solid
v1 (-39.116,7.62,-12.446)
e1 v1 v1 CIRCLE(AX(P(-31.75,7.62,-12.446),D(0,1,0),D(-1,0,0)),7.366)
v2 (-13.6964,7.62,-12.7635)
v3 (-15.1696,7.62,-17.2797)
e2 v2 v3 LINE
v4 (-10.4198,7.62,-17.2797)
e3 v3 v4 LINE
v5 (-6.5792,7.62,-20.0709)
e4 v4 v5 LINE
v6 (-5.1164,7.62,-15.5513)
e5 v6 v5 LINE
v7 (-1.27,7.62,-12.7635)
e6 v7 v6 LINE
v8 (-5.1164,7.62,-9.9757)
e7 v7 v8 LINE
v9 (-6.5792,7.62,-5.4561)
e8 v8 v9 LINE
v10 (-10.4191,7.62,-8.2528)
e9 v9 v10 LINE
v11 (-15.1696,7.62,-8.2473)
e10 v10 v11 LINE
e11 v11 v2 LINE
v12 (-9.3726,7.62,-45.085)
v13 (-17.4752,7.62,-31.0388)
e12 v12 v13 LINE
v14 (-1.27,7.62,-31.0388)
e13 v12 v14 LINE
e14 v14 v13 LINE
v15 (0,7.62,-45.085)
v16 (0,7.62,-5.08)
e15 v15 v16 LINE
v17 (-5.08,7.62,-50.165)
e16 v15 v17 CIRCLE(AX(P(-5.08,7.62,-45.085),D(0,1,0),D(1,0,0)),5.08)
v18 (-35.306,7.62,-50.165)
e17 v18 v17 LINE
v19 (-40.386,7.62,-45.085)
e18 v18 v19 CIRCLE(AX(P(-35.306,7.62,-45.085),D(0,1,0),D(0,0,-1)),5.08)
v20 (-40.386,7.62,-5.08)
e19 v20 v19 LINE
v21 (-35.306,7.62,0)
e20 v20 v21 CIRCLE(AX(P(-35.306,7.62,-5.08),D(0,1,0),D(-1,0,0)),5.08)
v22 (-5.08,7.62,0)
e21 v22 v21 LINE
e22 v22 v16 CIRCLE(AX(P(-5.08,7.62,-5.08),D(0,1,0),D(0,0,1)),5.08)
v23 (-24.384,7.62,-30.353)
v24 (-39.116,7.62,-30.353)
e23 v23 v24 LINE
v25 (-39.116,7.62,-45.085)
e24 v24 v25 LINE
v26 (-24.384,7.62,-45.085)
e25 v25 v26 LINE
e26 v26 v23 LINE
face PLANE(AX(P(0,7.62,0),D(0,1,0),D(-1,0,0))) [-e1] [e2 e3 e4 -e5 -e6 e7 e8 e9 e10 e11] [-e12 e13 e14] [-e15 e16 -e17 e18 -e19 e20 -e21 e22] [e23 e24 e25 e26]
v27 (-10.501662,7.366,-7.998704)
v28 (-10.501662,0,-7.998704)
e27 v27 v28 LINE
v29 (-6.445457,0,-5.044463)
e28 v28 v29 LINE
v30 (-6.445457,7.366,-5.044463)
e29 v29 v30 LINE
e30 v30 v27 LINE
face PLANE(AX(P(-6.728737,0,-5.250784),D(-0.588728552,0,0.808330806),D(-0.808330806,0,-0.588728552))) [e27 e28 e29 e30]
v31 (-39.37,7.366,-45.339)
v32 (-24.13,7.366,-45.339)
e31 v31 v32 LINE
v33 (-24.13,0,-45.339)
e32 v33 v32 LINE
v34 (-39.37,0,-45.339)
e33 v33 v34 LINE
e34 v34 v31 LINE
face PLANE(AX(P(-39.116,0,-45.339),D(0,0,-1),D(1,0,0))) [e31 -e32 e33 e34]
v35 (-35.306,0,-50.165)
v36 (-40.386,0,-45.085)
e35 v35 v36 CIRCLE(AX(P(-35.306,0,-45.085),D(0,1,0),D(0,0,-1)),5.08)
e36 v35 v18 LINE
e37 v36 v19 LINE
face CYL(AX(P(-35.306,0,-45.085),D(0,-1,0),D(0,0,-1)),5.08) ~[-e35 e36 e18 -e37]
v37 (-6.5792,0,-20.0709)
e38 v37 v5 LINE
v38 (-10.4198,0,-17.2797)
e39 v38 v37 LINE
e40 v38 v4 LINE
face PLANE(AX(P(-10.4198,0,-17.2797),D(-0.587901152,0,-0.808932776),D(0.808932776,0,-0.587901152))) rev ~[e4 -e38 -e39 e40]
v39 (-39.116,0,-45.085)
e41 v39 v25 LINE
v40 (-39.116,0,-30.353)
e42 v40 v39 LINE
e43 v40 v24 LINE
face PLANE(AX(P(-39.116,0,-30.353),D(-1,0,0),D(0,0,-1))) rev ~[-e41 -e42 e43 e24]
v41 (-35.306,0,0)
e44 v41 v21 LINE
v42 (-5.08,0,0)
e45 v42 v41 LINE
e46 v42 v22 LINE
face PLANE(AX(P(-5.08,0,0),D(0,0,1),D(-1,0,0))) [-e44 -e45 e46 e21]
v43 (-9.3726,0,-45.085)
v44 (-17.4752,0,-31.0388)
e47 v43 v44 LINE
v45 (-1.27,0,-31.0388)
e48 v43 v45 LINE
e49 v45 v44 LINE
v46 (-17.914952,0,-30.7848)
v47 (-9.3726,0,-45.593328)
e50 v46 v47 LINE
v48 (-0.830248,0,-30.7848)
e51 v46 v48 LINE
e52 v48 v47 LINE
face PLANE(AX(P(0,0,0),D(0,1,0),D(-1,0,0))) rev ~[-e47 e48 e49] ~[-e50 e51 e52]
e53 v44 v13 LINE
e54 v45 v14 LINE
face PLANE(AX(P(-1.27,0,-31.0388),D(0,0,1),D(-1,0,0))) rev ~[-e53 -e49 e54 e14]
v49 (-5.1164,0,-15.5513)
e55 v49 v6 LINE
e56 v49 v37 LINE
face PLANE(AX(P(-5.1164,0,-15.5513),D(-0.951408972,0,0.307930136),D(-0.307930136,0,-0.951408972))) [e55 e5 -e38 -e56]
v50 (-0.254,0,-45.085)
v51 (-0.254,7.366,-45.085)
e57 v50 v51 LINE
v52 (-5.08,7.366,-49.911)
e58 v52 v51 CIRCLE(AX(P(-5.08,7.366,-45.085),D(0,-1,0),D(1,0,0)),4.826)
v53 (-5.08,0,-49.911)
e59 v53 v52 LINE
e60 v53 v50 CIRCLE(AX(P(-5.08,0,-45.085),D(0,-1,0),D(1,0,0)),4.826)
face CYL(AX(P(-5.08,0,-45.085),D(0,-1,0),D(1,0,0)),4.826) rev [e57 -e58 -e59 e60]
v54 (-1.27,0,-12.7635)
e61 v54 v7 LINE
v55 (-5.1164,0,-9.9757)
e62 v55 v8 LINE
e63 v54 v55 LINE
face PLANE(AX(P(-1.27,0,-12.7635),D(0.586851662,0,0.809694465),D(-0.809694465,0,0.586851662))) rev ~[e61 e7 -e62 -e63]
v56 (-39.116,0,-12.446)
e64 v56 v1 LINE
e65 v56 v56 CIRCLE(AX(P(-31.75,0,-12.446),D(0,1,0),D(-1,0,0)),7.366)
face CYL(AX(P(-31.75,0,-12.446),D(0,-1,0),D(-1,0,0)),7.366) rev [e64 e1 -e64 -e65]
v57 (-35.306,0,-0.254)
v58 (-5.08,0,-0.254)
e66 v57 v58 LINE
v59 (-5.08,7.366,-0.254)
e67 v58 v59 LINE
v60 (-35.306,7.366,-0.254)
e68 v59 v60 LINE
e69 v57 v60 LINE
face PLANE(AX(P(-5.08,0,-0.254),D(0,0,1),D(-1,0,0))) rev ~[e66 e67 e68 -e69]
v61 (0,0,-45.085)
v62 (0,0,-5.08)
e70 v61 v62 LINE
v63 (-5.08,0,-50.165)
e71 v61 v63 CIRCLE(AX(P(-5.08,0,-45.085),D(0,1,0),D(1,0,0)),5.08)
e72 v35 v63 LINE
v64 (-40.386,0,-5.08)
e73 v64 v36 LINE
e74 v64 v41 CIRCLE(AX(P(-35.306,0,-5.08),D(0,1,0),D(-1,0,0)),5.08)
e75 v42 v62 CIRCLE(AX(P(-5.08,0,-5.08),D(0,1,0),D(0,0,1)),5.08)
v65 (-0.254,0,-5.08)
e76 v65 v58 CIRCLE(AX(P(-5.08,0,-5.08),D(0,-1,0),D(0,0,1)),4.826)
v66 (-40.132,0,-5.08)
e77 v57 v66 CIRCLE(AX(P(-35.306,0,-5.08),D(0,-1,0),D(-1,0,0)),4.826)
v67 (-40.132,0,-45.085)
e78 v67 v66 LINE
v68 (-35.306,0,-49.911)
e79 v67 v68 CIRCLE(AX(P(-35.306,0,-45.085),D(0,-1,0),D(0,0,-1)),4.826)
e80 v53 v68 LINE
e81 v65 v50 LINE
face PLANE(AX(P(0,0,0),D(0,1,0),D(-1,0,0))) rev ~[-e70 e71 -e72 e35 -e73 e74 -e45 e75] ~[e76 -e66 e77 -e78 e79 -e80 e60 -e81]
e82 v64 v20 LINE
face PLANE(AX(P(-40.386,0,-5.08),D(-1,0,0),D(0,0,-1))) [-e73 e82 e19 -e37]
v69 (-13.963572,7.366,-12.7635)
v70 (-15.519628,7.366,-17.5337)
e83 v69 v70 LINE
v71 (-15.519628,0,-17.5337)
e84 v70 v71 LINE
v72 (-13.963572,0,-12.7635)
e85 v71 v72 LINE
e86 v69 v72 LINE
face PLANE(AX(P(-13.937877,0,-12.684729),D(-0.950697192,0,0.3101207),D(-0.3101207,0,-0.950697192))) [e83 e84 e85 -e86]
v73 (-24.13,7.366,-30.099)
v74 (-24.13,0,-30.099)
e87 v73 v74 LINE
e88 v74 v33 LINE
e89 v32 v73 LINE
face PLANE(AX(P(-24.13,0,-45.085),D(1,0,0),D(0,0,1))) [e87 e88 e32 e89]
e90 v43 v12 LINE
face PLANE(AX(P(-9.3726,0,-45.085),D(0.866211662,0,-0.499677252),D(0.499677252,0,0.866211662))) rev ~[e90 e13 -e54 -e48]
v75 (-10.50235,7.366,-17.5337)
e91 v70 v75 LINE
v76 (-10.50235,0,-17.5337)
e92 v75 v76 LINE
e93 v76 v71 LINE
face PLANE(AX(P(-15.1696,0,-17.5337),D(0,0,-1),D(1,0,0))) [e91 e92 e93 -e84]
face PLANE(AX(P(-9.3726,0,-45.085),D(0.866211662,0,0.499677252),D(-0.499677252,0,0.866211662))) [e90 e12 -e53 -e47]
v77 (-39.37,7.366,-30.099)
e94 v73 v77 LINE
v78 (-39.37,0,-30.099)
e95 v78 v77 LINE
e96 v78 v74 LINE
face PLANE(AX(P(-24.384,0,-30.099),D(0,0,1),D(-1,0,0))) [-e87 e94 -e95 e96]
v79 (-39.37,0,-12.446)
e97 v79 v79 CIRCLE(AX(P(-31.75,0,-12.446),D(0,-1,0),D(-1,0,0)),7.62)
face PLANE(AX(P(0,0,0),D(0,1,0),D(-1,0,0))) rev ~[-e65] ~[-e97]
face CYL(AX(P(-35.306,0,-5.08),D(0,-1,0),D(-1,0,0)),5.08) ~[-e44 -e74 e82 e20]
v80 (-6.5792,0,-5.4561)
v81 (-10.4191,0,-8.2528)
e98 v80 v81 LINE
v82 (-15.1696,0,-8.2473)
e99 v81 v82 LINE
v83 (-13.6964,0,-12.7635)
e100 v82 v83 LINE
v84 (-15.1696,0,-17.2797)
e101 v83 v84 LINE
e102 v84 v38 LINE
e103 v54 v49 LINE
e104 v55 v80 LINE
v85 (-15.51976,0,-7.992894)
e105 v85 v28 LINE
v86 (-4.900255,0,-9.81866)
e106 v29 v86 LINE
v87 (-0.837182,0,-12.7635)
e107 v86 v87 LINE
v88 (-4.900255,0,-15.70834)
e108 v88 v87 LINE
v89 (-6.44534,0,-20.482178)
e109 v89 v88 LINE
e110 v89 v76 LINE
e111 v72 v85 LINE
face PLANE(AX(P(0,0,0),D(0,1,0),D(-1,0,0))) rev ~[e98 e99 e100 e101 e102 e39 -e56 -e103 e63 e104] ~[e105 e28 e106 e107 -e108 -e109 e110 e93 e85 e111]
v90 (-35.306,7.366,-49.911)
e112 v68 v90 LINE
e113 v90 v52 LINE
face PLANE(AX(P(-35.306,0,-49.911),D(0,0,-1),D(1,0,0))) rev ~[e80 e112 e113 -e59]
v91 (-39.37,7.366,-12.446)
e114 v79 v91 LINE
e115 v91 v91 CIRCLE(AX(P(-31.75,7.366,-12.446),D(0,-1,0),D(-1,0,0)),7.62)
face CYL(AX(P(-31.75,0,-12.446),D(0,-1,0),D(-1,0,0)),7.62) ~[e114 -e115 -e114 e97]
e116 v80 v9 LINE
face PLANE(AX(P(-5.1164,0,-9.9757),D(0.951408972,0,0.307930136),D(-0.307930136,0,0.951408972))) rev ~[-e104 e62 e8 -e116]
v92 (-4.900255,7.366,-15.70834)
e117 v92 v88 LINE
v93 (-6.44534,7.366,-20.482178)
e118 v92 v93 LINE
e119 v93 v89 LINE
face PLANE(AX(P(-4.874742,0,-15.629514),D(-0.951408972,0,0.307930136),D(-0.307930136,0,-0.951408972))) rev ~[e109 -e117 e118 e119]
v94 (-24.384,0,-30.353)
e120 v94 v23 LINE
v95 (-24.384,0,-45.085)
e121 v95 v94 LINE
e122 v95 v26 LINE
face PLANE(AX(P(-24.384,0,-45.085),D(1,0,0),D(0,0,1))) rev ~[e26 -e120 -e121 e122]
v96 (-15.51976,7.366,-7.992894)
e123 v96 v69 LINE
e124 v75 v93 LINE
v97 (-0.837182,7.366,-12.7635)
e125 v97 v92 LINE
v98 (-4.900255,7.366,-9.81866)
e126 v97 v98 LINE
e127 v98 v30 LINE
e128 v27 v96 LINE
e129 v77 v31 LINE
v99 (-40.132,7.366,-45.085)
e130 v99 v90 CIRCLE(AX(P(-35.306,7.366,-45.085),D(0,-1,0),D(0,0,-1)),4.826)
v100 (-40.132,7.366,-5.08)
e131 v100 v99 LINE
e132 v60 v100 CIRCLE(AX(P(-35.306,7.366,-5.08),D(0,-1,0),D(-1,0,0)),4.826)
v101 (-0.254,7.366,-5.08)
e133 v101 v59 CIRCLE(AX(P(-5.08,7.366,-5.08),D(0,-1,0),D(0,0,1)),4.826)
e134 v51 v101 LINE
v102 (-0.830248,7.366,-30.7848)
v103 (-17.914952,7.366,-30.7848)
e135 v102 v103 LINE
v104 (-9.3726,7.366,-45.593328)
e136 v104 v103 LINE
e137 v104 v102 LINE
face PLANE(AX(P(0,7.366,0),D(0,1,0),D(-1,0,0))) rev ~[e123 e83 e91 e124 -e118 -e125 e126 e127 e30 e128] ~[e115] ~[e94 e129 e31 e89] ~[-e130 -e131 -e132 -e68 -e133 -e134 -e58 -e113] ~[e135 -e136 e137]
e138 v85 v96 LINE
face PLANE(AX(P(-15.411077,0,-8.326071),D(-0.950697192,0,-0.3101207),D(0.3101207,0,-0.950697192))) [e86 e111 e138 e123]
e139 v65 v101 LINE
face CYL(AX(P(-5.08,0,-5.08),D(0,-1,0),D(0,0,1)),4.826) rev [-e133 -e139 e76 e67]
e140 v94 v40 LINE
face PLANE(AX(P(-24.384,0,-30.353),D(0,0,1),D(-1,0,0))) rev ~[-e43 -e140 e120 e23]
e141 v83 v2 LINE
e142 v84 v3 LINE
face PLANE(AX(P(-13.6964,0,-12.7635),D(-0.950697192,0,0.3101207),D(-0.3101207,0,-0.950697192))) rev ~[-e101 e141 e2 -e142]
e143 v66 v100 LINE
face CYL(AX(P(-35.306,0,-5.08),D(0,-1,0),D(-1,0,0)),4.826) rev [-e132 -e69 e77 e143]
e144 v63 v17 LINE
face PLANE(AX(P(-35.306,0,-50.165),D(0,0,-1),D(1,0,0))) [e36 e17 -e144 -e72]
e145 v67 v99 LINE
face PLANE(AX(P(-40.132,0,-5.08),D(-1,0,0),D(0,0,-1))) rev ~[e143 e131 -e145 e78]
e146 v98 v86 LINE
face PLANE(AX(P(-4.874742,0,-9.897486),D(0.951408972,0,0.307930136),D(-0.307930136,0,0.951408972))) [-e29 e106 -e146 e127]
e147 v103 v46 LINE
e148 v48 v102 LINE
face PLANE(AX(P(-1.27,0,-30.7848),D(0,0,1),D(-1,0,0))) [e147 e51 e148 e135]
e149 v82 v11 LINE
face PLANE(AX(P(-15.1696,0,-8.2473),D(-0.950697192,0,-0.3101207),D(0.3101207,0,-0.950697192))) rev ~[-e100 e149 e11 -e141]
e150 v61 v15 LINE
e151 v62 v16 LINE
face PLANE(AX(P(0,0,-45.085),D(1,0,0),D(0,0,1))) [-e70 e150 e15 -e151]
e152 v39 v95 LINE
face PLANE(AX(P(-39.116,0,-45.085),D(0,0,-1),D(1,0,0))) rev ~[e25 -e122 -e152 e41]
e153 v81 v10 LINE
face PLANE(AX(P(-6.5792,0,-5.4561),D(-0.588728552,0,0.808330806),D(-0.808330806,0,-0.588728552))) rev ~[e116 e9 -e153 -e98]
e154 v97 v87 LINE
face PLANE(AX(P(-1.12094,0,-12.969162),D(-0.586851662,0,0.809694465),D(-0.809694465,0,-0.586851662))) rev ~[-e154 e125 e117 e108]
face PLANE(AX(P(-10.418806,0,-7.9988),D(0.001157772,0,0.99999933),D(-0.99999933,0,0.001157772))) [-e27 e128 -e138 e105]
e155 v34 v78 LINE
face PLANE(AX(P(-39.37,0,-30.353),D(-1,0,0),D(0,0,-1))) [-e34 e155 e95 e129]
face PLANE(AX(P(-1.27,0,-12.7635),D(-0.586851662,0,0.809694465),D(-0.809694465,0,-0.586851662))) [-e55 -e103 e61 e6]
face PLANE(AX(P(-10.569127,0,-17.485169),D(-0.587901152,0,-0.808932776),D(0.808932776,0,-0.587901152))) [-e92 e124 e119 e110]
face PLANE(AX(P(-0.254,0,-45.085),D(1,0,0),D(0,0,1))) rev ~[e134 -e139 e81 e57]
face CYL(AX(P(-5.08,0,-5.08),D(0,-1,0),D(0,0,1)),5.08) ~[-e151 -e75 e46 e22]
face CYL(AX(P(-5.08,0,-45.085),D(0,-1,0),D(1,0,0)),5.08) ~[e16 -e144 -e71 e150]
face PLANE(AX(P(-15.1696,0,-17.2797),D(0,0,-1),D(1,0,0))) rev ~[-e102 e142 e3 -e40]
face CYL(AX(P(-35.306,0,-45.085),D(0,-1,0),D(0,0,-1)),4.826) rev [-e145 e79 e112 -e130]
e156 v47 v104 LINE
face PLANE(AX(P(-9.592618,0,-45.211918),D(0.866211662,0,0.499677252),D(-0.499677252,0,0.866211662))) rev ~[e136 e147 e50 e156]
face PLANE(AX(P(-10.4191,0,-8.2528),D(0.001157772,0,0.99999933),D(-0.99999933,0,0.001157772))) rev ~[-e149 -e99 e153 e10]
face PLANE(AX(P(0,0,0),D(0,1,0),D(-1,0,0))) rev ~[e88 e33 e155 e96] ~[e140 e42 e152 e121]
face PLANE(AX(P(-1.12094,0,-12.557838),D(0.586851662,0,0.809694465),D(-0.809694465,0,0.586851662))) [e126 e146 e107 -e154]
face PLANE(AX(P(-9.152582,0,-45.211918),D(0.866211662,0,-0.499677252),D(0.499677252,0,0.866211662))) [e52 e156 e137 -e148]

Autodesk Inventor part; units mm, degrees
ref_plane "YZ Plane" through (0, 0, 0) normal (1, 0, 0) x (0, 1, 0)
ref_plane "XZ Plane" through (0, 0, 0) normal (0, 1, 0) x (-1, 0, 0)
ref_plane "XY Plane" through (0, 0, 0) normal (0, 0, 1) x (1, 0, 0)
sketch "Sketch1" plane through (0, 0, 0) normal (0, 1, 0) x (-1, 0, 0)
  line L0 (5.08, 0) -> (35.306, 0)
  line L1 (40.386, -5.08) -> (40.386, -45.085)
  line L2 (35.306, -50.165) -> (5.08, -50.165)
  line L3 (0, -45.085) -> (0, -5.08)
  line L4 (1.27, 0) -> (1.27, -50.165) construction
  line L5 (9.3726, 0) -> (9.3726, -50.165) construction
  circle A0 centre (31.75, -12.446) radius 7.366
  line L6 (24.384, -30.353) -> (39.116, -30.353)
  line L7 (39.116, -30.353) -> (39.116, -45.085)
  line L8 (39.116, -45.085) -> (24.384, -45.085)
  line L9 (24.384, -45.085) -> (24.384, -30.353)
  line L10 (9.3726, -45.085) -> (1.27, -31.0388)
  line L11 (1.27, -31.0388) -> (17.4752, -31.0388)
  line L12 (9.3726, -45.085) -> (17.4752, -31.0388)
  circle A1 centre (8.9535, -12.7635) radius 7.6835 construction
  line L13 (15.1696, -17.2797) -> (6.5792, -20.0709) construction
  line L14 (6.5792, -20.0709) -> (1.27, -12.7635) construction
  line L15 (1.27, -12.7635) -> (6.5792, -5.4561) construction
  line L16 (6.5792, -5.4561) -> (15.1696, -8.2473) construction
  line L17 (15.1696, -8.2473) -> (15.1696, -17.2797) construction
  line L18 (15.1696, -17.2797) -> (10.4198, -17.2797)
  line L19 (10.4198, -17.2797) -> (6.5792, -20.0709)
  line L20 (2.1805, -11.5103) -> (8.0524, -19.5923) construction
  line L21 (8.0524, -5.9347) -> (2.1805, -14.0167) construction
  line L22 (5.6687, -6.7092) -> (15.1696, -9.7963) construction
  line L23 (13.6964, -7.7686) -> (13.6964, -17.7584) construction
  line L24 (1.27, -12.7635) -> (5.1164, -15.5513)
  line L25 (5.1164, -15.5513) -> (6.5792, -20.0709)
  line L26 (1.27, -12.7635) -> (5.1164, -9.9757)
  line L27 (5.1164, -9.9757) -> (6.5792, -5.4561)
  line L28 (6.5792, -5.4561) -> (10.4191, -8.2528)
  line L29 (10.4191, -8.2528) -> (15.1696, -8.2473)
  line L30 (15.1696, -8.2473) -> (13.6964, -12.7635)
  line L31 (13.6964, -12.7635) -> (15.1696, -17.2797)
  arc A2 (40.386, -5.08) -> (35.306, 0) centre (35.306, -5.08) ccw
  arc A3 (35.306, -50.165) -> (40.386, -45.085) centre (35.306, -45.085) ccw
  arc A4 (0, -45.085) -> (5.08, -50.165) centre (5.08, -45.085) ccw
  arc A5 (5.08, 0) -> (0, -5.08) centre (5.08, -5.08) ccw
  point P0 (0, 0)
  point P1 (40.386, -50.165)
  point P2 (40.386, 0)
  point P3 (0, -50.165)
  dimension "d0" = 40.386
  dimension "d1" = 50.165
  dimension "d2" = 1.27
  dimension "d3" = 8.1026
  dimension "d4" = 5.08
  dimension "d5" = 14.732
  dimension "d6" = 8.636
  dimension "d7" = 12.446
  dimension "d8" = 1.27
  dimension "d9" = 5.08
  dimension "d10" = 14.732
  dimension "d11" = 14.732
  dimension "d12" = 19.1262
  dimension "d13" = 16.2052
  dimension "d14" = 15.367
  dimension "d15" = 8.9535
  dimension "d16" = 12.7635
  dimension "d17" = 4.7498
  dimension "d18" = 1.4678
  dimension "d19" = 1.4732
  dimension "d20" = 1.4732
  dimension "d21" = 1.4732
  dimension "d22" = 1.4732
  dimension "d23" = 5.08
extrude "Extrusion1" add sketch "Sketch1" along normal blind 7.62
shell "Shell1" thickness 0.254 removed faces 1 at (-17.0773, 0, -40.4029)
properties part number "passenger base"
